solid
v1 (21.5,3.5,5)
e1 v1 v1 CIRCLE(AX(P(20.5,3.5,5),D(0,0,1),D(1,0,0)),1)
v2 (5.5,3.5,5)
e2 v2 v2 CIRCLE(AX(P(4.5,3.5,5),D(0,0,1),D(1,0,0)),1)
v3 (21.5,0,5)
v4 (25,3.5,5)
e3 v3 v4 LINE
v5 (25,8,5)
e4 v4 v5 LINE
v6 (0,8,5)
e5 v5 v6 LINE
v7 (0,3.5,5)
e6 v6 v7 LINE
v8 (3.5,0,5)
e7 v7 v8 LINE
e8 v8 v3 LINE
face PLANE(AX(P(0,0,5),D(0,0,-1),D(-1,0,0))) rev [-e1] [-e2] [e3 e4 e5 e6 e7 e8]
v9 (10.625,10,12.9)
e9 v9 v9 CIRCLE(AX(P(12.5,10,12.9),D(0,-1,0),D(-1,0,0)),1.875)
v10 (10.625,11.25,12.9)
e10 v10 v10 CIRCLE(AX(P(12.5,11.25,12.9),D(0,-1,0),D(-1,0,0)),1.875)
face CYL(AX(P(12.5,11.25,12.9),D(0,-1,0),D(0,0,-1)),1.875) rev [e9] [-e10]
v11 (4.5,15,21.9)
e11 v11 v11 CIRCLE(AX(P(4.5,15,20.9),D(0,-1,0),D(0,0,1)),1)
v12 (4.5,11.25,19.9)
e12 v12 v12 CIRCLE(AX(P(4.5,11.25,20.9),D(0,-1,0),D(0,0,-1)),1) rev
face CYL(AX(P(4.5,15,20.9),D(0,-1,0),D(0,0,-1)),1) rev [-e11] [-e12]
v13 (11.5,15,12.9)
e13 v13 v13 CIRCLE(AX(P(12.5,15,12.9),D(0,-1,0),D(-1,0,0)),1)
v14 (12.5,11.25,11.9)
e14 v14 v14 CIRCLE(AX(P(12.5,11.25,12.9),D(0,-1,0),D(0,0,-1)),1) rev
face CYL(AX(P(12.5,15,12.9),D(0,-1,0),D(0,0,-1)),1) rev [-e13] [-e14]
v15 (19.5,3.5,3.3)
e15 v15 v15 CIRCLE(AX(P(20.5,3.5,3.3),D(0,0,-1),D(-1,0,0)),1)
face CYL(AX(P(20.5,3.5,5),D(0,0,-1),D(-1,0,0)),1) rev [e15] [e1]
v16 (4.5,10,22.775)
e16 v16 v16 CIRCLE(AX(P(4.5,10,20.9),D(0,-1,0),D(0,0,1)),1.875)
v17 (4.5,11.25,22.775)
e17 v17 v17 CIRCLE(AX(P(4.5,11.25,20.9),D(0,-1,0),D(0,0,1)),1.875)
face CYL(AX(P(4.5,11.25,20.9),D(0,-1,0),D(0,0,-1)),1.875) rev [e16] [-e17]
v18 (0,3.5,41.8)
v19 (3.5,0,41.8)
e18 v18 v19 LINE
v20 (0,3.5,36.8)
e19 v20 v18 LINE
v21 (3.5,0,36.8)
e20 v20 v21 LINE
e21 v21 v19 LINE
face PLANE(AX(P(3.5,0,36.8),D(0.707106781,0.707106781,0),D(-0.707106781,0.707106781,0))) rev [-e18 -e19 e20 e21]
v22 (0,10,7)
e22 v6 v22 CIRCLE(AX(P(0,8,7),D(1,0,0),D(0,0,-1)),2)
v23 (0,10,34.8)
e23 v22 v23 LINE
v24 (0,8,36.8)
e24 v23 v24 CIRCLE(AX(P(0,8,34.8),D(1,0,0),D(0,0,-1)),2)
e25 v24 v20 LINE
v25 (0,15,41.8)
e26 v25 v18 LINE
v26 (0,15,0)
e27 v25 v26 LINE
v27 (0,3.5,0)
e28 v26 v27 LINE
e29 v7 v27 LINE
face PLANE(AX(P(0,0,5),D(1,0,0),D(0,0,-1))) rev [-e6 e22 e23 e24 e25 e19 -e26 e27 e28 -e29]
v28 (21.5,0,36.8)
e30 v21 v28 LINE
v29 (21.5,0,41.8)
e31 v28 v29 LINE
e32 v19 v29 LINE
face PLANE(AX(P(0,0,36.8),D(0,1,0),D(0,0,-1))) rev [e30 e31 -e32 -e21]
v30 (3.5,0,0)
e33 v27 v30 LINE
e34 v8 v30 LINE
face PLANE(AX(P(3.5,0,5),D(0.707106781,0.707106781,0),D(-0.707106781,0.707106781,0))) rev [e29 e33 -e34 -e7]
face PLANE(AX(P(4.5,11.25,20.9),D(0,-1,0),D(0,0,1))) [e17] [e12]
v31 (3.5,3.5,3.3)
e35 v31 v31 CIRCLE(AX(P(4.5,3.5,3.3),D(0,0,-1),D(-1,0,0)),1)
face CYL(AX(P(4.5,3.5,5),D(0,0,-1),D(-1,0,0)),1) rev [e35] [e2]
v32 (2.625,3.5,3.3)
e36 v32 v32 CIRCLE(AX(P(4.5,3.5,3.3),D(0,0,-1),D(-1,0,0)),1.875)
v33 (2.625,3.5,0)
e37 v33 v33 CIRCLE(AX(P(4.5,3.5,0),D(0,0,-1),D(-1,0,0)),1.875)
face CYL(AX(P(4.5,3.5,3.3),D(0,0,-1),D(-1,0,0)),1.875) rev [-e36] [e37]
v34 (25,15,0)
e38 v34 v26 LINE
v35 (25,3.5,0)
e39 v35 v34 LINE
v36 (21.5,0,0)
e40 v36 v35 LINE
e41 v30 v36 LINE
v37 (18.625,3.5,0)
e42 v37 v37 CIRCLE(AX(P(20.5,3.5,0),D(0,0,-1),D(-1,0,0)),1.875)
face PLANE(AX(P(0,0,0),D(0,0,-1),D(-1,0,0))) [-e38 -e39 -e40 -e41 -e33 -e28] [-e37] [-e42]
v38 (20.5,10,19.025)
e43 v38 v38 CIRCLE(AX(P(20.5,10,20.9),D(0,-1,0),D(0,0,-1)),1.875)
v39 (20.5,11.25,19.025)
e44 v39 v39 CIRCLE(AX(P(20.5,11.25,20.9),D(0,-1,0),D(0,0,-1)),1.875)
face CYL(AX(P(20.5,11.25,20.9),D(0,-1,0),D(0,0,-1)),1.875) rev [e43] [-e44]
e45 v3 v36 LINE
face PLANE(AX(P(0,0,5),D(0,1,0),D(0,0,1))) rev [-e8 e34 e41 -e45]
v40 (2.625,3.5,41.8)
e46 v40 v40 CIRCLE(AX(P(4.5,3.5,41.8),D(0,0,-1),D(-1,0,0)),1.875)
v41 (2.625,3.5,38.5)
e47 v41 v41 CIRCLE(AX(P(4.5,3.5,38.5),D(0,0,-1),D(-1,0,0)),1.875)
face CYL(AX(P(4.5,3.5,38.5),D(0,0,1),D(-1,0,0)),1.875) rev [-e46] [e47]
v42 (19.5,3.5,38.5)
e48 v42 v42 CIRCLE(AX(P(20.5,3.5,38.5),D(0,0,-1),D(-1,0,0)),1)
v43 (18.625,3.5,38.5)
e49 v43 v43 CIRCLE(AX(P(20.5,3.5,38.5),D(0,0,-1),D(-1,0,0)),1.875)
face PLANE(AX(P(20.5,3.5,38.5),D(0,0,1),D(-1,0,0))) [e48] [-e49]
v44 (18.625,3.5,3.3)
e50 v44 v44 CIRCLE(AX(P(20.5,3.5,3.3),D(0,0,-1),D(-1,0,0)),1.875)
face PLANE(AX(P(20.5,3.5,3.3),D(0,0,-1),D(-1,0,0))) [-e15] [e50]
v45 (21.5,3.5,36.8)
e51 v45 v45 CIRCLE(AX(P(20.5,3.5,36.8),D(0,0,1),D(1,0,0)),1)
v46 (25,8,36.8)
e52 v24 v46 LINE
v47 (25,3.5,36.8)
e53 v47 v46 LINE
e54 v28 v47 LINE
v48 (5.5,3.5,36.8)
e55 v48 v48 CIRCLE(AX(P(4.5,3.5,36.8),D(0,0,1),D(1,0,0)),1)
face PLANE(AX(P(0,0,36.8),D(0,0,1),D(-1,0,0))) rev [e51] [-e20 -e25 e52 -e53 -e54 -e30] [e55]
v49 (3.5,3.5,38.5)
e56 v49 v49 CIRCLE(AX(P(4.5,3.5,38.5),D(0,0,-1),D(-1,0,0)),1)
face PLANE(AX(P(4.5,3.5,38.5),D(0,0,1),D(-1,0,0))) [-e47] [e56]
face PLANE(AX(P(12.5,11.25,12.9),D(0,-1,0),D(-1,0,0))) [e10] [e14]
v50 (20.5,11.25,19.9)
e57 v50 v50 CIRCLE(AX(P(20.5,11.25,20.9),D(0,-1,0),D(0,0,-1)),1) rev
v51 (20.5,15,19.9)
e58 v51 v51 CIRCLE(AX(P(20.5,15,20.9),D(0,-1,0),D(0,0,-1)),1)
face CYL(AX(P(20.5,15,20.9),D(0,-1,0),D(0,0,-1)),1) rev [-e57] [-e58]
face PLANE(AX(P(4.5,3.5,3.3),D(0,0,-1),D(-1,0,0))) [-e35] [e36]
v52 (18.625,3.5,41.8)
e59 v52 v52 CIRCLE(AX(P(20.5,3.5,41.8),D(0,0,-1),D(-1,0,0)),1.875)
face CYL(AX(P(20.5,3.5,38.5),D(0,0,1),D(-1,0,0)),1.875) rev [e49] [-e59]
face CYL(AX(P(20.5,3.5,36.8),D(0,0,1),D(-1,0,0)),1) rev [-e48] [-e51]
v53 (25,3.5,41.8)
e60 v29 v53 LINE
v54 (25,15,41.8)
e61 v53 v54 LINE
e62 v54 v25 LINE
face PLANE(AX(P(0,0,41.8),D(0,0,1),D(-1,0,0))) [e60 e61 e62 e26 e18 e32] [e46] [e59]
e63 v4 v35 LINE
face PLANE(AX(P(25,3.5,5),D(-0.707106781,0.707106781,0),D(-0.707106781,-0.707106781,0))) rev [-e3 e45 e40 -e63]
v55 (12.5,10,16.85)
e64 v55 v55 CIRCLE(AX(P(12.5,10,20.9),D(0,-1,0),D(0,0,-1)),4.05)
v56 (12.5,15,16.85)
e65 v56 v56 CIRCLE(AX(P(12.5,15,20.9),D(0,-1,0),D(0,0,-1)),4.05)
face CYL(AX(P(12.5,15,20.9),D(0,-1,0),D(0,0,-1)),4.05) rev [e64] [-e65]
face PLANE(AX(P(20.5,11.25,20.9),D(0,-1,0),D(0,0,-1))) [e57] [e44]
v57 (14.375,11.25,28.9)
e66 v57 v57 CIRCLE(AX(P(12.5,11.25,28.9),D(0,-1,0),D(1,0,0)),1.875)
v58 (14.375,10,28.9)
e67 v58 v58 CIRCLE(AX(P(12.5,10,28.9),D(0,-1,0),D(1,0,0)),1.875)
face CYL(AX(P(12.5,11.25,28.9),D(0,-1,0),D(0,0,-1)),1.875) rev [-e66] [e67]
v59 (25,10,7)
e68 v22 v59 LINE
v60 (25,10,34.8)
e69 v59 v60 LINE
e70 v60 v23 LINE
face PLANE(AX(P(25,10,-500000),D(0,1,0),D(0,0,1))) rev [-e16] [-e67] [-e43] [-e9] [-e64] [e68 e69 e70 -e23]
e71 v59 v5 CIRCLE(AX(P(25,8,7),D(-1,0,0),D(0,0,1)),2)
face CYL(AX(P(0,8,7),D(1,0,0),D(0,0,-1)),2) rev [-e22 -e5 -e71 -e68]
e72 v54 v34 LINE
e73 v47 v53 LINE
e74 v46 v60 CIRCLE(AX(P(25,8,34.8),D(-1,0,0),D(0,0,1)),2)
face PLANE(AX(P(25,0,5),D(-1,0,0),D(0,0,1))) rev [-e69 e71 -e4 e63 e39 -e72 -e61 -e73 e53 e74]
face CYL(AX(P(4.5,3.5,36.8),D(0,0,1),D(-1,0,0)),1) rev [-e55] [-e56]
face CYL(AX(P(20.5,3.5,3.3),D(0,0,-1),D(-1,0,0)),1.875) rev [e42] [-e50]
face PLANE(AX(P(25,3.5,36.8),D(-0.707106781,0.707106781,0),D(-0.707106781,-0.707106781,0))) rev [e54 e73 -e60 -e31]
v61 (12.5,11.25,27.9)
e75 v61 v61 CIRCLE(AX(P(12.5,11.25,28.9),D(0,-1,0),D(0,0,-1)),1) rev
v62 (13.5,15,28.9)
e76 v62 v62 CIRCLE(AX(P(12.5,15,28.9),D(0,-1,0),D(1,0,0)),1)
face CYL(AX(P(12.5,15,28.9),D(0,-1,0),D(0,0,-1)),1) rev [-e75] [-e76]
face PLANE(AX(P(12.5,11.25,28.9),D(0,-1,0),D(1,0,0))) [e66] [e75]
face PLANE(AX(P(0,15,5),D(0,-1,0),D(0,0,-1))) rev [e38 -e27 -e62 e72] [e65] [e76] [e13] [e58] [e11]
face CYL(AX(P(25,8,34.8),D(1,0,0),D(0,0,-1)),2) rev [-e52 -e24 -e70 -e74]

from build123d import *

# Parameters (mm, degrees)
SKETCH1_W           = 25
SKETCH1_H           = 15
SKETCH1_R           = 1
BOSS_EXTRUDE1_DEPTH = 5
SKETCH2_R           = 1.875
CUT_EXTRUDE1_DEPTH  = 3.3
CUT_EXTRUDE2_DEPTH  = 30.580398915
BOSS_EXTRUDE2_REACH = 48.949
SKETCH4_W           = 25
SKETCH4_H           = 5
SKETCH5_R           = 1
CUT_EXTRUDE3_DEPTH  = 50.721625074
SKETCH8_R           = 1.875
CUT_EXTRUDE4_DEPTH  = 1.25
CIRPATTERN1_COUNT   = 4
SKETCH9_R           = 4.05
CUT_EXTRUDE5_DEPTH  = 50.721625074
FILLET1_R           = 2
FILLET2_R           = 2


with BuildPart() as part:
    # Sketch1 → Boss-Extrude1 (new body)
    with BuildSketch(Plane.XY):
        with Locations((12.5, 7.5)):
            Rectangle(SKETCH1_W, SKETCH1_H)
        with Locations((4.5, 3.5)):
            Circle(SKETCH1_R, mode=Mode.SUBTRACT)
        with Locations((20.5, 3.5)):
            Circle(SKETCH1_R, mode=Mode.SUBTRACT)
    extrude(amount=BOSS_EXTRUDE1_DEPTH)

    # Sketch2 → Cut-Extrude1 (cut)
    with BuildSketch(Plane(origin=(0, 0, 0), x_dir=(-1, 0, 0), z_dir=(0, 0, -1))):
        with Locations((-20.5, 3.5)):
            Circle(SKETCH2_R)
        with Locations((-4.5, 3.5)):
            Circle(SKETCH2_R)
    extrude(amount=-CUT_EXTRUDE1_DEPTH, mode=Mode.SUBTRACT)

    # Sketch3 → Cut-Extrude2 (cut, through all)
    with BuildSketch(Plane(origin=(0, 0, 0), x_dir=(-1, 0, 0), z_dir=(0, 0, -1))):
        Polygon((0, 0), (-3.5, 0), (0, 3.5), align=None)
        Polygon((-21.5, 0), (-25, 0), (-25, 3.5), align=None)
    extrude(amount=-CUT_EXTRUDE2_DEPTH, mode=Mode.SUBTRACT)


with BuildPart() as body_2:
    # Mirror5: mirrored copy
    add(part.part.mirror(Plane.XY.offset(20.9)))


with BuildPart() as part_1:
    add(part.part)

    # Sketch4 → Boss-Extrude2 (add, up to next)
    with BuildSketch(Plane(origin=(0, 0, 36.8), x_dir=(-1, 0, 0), z_dir=(0, 0, -1)), mode=Mode.PRIVATE) as boss_extrude2_sk1:
        with Locations((-12.5, 12.5)):
            Rectangle(SKETCH4_W, SKETCH4_H)
    boss_extrude2_tool1 = extrude(boss_extrude2_sk1.sketch, amount=BOSS_EXTRUDE2_REACH, mode=Mode.PRIVATE) - part_1.part

    add(body_2.part)  # Boss-Extrude2 merges body 2
    add(boss_extrude2_tool1.solids().sort_by_distance((12.5, 12.5, 36.8))[0])

    # Sketch5 → Cut-Extrude3 (cut, through all)
    with BuildSketch(Plane.XZ.offset(-10)):
        with Locations((20.5, 20.9)):
            Circle(SKETCH5_R)
    cut_extrude3 = extrude(amount=-CUT_EXTRUDE3_DEPTH, mode=Mode.SUBTRACT)

    # Sketch8 → Cut-Extrude4 (cut)
    with BuildSketch(Plane.XZ.offset(-10)):
        with Locations((20.5, 20.9)):
            Circle(SKETCH8_R)
    cut_extrude4 = extrude(amount=-CUT_EXTRUDE4_DEPTH, mode=Mode.SUBTRACT)

    # CirPattern1: Cut-Extrude3, Cut-Extrude4 ×4 about axis
    cirpattern1_axis = Axis((12.5, -0.75, 20.9), (0, 1, 0))
    add([cut_extrude3.rotate(cirpattern1_axis, i * 360 / CIRPATTERN1_COUNT) for i in range(1, CIRPATTERN1_COUNT)], mode=Mode.SUBTRACT)
    add([cut_extrude4.rotate(cirpattern1_axis, i * 360 / CIRPATTERN1_COUNT) for i in range(1, CIRPATTERN1_COUNT)], mode=Mode.SUBTRACT)

    # Sketch9 → Cut-Extrude5 (cut, through all)
    with BuildSketch(Plane.XZ.offset(-10)):
        with Locations((12.5, 20.9)):
            Circle(SKETCH9_R)
    extrude(amount=-CUT_EXTRUDE5_DEPTH, mode=Mode.SUBTRACT)

    # Fillet1
    fillet1_edges = [part_1.edges().sort_by_distance(p)[0] for p in [
        (12.5, 10, 36.8),
    ]]
    fillet(fillet1_edges, radius=FILLET1_R)

    # Fillet2
    fillet2_edges = [part_1.edges().sort_by_distance(p)[0] for p in [
        (12.5, 10, 5),
    ]]
    fillet(fillet2_edges, radius=FILLET2_R)


solid = part_1.part
